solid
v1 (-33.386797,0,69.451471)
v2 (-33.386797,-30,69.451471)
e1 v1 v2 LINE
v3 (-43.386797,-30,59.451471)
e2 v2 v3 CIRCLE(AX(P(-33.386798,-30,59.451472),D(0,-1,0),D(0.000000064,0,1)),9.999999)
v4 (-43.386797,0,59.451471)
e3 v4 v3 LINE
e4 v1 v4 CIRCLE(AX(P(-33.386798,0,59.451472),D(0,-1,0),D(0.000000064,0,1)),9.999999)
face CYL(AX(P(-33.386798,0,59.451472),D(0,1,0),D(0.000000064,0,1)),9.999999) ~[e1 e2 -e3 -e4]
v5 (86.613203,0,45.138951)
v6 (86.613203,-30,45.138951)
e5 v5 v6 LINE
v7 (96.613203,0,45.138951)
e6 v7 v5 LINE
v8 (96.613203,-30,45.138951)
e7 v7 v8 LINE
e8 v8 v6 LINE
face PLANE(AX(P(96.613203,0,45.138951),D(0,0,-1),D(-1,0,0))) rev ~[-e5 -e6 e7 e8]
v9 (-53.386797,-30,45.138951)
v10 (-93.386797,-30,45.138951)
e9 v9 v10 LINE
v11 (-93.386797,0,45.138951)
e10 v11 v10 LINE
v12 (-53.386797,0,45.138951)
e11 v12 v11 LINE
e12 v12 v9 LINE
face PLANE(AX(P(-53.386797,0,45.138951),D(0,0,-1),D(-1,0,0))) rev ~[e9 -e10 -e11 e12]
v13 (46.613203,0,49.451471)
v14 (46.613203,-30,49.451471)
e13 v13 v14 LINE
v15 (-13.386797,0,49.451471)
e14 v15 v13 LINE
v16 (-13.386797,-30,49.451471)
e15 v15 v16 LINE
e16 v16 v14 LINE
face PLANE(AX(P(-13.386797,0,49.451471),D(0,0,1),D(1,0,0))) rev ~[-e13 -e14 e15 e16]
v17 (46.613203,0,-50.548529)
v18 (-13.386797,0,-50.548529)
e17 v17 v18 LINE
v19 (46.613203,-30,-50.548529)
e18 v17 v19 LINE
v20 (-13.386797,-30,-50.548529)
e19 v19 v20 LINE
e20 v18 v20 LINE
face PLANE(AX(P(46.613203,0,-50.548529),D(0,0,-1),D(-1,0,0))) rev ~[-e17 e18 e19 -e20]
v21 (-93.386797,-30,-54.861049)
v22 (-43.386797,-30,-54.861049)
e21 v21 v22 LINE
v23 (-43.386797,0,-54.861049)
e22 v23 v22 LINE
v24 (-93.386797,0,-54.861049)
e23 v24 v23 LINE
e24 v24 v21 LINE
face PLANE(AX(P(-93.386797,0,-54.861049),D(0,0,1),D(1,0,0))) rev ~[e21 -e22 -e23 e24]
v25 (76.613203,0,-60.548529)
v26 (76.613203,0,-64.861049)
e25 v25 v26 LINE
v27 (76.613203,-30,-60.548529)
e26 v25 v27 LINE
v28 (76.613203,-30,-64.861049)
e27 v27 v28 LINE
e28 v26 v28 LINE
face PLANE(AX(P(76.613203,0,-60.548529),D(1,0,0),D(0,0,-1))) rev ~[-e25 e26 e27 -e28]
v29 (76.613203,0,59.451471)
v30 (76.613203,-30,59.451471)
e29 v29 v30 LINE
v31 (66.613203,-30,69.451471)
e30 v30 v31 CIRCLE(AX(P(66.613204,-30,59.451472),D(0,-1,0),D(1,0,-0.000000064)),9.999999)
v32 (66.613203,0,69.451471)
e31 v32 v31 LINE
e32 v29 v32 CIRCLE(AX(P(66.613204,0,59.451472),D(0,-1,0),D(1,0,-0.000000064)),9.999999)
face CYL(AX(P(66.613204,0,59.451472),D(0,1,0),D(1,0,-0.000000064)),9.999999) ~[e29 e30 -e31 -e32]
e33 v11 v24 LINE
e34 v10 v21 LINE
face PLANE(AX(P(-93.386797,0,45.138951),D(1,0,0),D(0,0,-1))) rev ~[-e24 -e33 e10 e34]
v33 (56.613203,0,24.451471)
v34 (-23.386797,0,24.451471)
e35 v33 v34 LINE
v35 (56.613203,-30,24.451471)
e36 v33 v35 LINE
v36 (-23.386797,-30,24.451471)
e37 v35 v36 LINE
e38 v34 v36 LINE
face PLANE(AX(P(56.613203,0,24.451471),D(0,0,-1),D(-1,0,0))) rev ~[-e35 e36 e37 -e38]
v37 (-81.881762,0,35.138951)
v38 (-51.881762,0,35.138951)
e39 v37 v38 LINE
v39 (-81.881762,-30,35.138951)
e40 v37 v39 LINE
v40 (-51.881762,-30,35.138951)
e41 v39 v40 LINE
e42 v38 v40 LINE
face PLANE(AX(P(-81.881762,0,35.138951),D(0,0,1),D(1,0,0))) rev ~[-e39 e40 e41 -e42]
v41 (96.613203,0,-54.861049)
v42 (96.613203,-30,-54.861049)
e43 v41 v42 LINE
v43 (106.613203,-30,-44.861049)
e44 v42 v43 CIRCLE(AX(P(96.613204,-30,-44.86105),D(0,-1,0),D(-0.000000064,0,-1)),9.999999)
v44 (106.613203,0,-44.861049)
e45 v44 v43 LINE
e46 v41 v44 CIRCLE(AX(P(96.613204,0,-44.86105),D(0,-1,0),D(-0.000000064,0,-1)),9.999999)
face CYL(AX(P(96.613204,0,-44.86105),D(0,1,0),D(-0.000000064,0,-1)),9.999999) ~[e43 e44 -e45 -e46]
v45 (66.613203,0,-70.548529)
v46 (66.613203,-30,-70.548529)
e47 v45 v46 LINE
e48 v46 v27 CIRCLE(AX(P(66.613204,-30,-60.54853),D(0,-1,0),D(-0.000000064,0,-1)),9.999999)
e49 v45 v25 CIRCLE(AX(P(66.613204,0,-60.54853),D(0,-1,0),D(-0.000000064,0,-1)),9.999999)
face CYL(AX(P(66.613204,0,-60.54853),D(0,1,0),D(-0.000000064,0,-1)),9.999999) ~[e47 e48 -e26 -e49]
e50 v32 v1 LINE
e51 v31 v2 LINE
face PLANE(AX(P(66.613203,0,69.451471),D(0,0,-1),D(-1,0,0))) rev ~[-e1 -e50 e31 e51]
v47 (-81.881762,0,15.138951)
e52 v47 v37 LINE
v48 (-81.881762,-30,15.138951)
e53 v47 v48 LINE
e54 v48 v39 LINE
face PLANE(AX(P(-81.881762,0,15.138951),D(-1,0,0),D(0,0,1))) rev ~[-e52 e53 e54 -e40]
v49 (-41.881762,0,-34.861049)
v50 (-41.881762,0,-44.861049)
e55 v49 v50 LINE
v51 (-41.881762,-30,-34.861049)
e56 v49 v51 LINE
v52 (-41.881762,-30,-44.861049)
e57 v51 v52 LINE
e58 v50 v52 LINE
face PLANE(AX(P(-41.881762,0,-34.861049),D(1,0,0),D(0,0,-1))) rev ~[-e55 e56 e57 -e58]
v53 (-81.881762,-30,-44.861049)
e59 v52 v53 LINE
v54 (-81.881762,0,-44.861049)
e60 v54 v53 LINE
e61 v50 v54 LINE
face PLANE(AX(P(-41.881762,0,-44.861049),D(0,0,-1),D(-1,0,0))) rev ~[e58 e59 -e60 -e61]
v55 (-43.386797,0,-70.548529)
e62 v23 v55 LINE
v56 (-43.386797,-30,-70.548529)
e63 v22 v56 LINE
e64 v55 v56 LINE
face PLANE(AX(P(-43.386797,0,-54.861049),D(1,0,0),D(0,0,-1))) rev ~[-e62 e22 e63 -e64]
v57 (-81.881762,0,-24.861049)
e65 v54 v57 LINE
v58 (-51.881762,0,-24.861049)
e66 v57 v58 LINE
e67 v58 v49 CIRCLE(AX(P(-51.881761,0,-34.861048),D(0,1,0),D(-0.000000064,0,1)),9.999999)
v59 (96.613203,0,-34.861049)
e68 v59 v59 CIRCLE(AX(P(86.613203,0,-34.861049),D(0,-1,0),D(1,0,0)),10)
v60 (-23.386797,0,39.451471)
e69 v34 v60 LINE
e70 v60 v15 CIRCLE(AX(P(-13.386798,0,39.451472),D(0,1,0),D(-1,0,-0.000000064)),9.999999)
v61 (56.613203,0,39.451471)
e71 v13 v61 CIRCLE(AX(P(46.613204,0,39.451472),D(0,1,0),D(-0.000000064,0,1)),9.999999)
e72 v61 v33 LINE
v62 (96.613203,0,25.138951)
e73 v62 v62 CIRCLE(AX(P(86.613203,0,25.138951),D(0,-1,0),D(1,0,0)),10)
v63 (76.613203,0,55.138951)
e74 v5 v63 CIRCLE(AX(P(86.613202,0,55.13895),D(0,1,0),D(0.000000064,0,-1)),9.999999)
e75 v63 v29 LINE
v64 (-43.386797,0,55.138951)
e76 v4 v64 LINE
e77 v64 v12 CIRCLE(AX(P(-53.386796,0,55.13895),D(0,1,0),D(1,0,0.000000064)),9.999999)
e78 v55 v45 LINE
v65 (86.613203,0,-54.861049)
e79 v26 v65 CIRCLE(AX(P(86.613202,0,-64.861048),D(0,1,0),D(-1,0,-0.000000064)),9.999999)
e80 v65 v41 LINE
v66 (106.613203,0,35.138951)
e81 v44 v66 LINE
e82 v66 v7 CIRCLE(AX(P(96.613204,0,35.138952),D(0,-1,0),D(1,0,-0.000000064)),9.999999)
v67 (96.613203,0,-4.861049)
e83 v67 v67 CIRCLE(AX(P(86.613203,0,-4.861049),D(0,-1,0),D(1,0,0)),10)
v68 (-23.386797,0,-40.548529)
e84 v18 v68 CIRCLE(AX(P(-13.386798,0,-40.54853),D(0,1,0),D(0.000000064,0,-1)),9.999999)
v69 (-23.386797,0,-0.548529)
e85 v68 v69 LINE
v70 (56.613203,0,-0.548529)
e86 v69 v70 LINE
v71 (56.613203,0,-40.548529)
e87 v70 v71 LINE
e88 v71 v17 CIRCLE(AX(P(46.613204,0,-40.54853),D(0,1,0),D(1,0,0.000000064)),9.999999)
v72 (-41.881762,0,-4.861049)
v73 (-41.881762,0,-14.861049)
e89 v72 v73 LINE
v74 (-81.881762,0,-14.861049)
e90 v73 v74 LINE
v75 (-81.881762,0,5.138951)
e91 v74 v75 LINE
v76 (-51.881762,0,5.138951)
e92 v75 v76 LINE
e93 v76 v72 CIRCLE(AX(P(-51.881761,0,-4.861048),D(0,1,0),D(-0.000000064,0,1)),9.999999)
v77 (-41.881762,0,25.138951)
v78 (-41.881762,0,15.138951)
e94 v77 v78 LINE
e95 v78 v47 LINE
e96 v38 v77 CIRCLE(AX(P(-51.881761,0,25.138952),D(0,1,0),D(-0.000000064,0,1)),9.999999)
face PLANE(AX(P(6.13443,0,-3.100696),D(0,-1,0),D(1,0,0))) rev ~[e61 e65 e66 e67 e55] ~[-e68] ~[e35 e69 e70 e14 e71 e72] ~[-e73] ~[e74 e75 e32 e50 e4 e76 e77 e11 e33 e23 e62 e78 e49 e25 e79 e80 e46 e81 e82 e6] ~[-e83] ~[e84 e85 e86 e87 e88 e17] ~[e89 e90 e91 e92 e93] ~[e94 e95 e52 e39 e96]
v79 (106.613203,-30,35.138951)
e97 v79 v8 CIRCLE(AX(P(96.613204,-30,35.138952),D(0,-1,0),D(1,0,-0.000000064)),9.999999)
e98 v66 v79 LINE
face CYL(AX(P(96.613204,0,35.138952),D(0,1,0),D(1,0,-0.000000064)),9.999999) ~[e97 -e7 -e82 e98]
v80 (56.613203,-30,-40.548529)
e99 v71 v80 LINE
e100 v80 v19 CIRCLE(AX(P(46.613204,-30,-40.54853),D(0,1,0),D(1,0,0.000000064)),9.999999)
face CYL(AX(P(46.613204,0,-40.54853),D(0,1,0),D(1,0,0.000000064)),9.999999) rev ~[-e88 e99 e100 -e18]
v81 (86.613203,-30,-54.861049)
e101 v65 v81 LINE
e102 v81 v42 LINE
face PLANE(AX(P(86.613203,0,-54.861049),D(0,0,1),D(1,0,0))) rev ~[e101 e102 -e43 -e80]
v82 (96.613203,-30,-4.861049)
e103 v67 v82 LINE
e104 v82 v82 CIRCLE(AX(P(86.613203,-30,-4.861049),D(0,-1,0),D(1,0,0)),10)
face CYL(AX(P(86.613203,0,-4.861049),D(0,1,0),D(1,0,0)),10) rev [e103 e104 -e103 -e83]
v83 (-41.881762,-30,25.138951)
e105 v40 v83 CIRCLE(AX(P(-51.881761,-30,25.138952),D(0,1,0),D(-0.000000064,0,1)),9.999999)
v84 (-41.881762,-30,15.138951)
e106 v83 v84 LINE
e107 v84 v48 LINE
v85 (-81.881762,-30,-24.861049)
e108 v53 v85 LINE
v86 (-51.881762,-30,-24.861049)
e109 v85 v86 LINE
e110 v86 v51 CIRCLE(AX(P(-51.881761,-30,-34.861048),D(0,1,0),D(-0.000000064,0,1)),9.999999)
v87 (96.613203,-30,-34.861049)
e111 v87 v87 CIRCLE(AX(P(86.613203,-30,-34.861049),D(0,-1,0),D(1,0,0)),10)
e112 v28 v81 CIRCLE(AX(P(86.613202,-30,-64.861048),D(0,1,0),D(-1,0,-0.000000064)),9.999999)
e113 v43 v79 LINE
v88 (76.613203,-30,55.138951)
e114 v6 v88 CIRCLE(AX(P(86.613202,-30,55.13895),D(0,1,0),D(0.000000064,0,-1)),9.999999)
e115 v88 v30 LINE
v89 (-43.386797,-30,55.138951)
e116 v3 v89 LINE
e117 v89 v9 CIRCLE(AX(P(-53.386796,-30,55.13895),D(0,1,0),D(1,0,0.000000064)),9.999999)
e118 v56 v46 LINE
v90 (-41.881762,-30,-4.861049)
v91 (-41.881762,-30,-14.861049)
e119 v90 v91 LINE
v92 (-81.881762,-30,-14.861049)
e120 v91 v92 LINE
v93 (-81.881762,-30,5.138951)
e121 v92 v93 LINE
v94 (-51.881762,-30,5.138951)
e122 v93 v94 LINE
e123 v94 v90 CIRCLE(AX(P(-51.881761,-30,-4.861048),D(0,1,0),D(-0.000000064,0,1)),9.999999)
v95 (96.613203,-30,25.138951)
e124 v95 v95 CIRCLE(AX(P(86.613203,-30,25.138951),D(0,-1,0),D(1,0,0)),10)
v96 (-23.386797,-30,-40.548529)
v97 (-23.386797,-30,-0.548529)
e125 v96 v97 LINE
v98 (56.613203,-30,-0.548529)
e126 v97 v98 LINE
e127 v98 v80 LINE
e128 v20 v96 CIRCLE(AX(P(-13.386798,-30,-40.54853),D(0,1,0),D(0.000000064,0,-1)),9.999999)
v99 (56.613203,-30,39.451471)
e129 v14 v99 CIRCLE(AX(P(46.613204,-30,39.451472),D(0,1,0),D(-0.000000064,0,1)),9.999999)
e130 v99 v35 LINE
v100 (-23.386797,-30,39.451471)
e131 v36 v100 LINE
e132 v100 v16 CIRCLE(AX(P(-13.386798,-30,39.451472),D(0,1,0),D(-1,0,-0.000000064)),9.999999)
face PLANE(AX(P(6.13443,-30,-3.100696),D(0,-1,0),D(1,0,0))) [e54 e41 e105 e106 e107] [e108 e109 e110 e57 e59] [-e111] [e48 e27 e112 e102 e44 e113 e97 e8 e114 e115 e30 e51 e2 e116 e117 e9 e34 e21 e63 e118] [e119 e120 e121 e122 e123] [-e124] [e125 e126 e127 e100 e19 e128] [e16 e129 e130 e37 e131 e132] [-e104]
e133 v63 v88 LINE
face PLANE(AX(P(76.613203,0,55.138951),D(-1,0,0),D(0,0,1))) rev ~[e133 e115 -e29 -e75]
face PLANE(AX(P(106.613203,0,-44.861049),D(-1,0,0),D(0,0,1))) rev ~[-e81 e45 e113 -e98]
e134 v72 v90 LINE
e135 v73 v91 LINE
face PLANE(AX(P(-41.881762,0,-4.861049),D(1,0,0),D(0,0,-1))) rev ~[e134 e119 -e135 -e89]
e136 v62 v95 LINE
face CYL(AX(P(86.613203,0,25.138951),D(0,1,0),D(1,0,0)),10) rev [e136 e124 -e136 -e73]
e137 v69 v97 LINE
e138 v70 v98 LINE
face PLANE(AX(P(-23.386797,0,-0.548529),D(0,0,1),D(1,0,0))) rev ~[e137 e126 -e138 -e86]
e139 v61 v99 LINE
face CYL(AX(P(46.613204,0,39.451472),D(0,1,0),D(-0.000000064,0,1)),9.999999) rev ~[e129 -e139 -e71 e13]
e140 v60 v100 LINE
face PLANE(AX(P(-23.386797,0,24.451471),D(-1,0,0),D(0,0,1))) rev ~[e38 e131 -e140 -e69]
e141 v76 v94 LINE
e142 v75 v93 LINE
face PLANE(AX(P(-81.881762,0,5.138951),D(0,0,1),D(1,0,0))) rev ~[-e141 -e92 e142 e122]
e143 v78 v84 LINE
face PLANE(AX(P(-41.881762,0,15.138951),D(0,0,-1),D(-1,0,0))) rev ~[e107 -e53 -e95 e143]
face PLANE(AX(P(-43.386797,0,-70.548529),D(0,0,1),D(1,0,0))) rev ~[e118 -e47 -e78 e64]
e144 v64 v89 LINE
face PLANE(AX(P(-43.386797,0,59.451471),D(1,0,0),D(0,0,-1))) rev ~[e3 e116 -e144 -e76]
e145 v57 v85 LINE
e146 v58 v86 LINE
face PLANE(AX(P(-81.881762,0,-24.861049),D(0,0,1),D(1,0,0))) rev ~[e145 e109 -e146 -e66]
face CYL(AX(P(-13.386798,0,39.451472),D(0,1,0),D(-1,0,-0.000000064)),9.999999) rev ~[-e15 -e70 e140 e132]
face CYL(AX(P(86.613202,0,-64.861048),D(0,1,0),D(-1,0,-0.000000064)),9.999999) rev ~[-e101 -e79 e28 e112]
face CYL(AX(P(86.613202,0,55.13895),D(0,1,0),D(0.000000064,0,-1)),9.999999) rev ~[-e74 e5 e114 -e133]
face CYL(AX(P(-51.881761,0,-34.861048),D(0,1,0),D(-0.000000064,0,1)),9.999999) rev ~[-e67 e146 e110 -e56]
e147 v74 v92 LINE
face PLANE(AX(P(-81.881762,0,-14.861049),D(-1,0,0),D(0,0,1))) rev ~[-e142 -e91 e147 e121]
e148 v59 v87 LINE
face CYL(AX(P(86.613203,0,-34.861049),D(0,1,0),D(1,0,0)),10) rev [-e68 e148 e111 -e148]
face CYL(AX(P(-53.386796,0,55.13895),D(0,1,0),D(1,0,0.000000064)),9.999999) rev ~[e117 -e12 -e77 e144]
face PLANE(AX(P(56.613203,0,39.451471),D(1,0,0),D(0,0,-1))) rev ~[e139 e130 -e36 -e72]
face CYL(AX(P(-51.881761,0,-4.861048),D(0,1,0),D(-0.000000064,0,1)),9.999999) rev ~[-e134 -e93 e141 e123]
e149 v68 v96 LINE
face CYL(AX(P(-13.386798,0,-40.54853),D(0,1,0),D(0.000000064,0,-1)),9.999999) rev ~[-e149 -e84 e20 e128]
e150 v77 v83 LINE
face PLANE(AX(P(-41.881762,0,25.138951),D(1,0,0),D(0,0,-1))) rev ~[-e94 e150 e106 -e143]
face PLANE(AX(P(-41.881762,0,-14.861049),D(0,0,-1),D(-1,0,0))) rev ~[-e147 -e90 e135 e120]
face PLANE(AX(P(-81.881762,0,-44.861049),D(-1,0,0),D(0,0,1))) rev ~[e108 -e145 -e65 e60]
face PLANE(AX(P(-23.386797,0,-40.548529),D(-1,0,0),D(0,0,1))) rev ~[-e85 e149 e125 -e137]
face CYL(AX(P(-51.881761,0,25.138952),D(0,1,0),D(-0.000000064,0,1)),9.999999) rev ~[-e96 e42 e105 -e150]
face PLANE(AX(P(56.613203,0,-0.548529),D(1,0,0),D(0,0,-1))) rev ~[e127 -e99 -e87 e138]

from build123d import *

# Parameters (mm, degrees)
F0_R     = 10
F1_DEPTH = 30


with BuildPart() as f1:
    # F0 (on Front) → F1 (new body)
    with BuildSketch(Plane.XZ):
        with BuildLine():
            ThreePointArc((-43.386797, 55.138951), (-46.315729, 48.067883), (-53.386797, 45.138951))
            Line((-53.386797, 45.138951), (-93.386797, 45.138951))
            Line((-93.386797, 45.138951), (-93.386797, -54.861049))
            Line((-93.386797, -54.861049), (-43.386797, -54.861049))
            Line((-43.386797, -54.861049), (-43.386797, -70.548529))
            Line((-43.386797, -70.548529), (66.613203, -70.548529))
            ThreePointArc((66.613203, -70.548529), (73.684271, -67.619597), (76.613203, -60.548529))
            Line((76.613203, -60.548529), (76.613203, -64.861049))
            ThreePointArc((76.613203, -64.861049), (79.542135, -57.789981), (86.613203, -54.861049))
            Line((86.613203, -54.861049), (96.613203, -54.861049))
            ThreePointArc((96.613203, -54.861049), (103.684271, -51.932117), (106.613203, -44.861049))
            Line((106.613203, -44.861049), (106.613203, 35.138951))
            ThreePointArc((106.613203, 35.138951), (103.684271, 42.210019), (96.613203, 45.138951))
            Line((96.613203, 45.138951), (86.613203, 45.138951))
            ThreePointArc((86.613203, 45.138951), (79.542135, 48.067883), (76.613203, 55.138951))
            Line((76.613203, 55.138951), (76.613203, 59.451471))
            ThreePointArc((76.613203, 59.451471), (73.684271, 66.522539), (66.613203, 69.451471))
            Line((66.613203, 69.451471), (-33.386797, 69.451471))
            ThreePointArc((-33.386797, 69.451471), (-40.457865, 66.522539), (-43.386797, 59.451471))
            Line((-43.386797, 59.451471), (-43.386797, 55.138951))
        make_face()
        with BuildLine():
            Line((-81.881762, -44.861049), (-81.881762, -24.861049))
            Line((-81.881762, -24.861049), (-51.881762, -24.861049))
            ThreePointArc((-51.881762, -24.861049), (-44.810694, -27.789981), (-41.881762, -34.861049))
            Line((-41.881762, -34.861049), (-41.881762, -44.861049))
            Line((-41.881762, -44.861049), (-81.881762, -44.861049))
        make_face(mode=Mode.SUBTRACT)
        with BuildLine():
            Line((-81.881762, -14.861049), (-81.881762, 5.138951))
            Line((-81.881762, 5.138951), (-51.881762, 5.138951))
            ThreePointArc((-51.881762, 5.138951), (-44.810694, 2.210019), (-41.881762, -4.861049))
            Line((-41.881762, -4.861049), (-41.881762, -14.861049))
            Line((-41.881762, -14.861049), (-81.881762, -14.861049))
        make_face(mode=Mode.SUBTRACT)
        with BuildLine():
            Line((-23.386797, -40.548529), (-23.386797, -0.548529))
            Line((-23.386797, -0.548529), (56.613203, -0.548529))
            Line((56.613203, -0.548529), (56.613203, -40.548529))
            ThreePointArc((56.613203, -40.548529), (53.684271, -47.619597), (46.613203, -50.548529))
            Line((46.613203, -50.548529), (-13.386797, -50.548529))
            ThreePointArc((-13.386797, -50.548529), (-20.457865, -47.619597), (-23.386797, -40.548529))
        make_face(mode=Mode.SUBTRACT)
        with Locations((86.613203, -34.861049)):
            Circle(F0_R, mode=Mode.SUBTRACT)
        with Locations((86.613203, -4.861049)):
            Circle(F0_R, mode=Mode.SUBTRACT)
        with BuildLine():
            Line((-81.881762, 15.138951), (-81.881762, 35.138951))
            Line((-81.881762, 35.138951), (-51.881762, 35.138951))
            ThreePointArc((-51.881762, 35.138951), (-44.810694, 32.210019), (-41.881762, 25.138951))
            Line((-41.881762, 25.138951), (-41.881762, 15.138951))
            Line((-41.881762, 15.138951), (-81.881762, 15.138951))
        make_face(mode=Mode.SUBTRACT)
        with Locations((86.613203, 25.138951)):
            Circle(F0_R, mode=Mode.SUBTRACT)
        with BuildLine():
            ThreePointArc((-23.386797, 39.451471), (-20.457865, 46.522539), (-13.386797, 49.451471))
            Line((-13.386797, 49.451471), (46.613203, 49.451471))
            ThreePointArc((46.613203, 49.451471), (53.684271, 46.522539), (56.613203, 39.451471))
            Line((56.613203, 39.451471), (56.613203, 24.451471))
            Line((56.613203, 24.451471), (-23.386797, 24.451471))
            Line((-23.386797, 24.451471), (-23.386797, 39.451471))
        make_face(mode=Mode.SUBTRACT)
    extrude(amount=F1_DEPTH)


solid = f1.part
